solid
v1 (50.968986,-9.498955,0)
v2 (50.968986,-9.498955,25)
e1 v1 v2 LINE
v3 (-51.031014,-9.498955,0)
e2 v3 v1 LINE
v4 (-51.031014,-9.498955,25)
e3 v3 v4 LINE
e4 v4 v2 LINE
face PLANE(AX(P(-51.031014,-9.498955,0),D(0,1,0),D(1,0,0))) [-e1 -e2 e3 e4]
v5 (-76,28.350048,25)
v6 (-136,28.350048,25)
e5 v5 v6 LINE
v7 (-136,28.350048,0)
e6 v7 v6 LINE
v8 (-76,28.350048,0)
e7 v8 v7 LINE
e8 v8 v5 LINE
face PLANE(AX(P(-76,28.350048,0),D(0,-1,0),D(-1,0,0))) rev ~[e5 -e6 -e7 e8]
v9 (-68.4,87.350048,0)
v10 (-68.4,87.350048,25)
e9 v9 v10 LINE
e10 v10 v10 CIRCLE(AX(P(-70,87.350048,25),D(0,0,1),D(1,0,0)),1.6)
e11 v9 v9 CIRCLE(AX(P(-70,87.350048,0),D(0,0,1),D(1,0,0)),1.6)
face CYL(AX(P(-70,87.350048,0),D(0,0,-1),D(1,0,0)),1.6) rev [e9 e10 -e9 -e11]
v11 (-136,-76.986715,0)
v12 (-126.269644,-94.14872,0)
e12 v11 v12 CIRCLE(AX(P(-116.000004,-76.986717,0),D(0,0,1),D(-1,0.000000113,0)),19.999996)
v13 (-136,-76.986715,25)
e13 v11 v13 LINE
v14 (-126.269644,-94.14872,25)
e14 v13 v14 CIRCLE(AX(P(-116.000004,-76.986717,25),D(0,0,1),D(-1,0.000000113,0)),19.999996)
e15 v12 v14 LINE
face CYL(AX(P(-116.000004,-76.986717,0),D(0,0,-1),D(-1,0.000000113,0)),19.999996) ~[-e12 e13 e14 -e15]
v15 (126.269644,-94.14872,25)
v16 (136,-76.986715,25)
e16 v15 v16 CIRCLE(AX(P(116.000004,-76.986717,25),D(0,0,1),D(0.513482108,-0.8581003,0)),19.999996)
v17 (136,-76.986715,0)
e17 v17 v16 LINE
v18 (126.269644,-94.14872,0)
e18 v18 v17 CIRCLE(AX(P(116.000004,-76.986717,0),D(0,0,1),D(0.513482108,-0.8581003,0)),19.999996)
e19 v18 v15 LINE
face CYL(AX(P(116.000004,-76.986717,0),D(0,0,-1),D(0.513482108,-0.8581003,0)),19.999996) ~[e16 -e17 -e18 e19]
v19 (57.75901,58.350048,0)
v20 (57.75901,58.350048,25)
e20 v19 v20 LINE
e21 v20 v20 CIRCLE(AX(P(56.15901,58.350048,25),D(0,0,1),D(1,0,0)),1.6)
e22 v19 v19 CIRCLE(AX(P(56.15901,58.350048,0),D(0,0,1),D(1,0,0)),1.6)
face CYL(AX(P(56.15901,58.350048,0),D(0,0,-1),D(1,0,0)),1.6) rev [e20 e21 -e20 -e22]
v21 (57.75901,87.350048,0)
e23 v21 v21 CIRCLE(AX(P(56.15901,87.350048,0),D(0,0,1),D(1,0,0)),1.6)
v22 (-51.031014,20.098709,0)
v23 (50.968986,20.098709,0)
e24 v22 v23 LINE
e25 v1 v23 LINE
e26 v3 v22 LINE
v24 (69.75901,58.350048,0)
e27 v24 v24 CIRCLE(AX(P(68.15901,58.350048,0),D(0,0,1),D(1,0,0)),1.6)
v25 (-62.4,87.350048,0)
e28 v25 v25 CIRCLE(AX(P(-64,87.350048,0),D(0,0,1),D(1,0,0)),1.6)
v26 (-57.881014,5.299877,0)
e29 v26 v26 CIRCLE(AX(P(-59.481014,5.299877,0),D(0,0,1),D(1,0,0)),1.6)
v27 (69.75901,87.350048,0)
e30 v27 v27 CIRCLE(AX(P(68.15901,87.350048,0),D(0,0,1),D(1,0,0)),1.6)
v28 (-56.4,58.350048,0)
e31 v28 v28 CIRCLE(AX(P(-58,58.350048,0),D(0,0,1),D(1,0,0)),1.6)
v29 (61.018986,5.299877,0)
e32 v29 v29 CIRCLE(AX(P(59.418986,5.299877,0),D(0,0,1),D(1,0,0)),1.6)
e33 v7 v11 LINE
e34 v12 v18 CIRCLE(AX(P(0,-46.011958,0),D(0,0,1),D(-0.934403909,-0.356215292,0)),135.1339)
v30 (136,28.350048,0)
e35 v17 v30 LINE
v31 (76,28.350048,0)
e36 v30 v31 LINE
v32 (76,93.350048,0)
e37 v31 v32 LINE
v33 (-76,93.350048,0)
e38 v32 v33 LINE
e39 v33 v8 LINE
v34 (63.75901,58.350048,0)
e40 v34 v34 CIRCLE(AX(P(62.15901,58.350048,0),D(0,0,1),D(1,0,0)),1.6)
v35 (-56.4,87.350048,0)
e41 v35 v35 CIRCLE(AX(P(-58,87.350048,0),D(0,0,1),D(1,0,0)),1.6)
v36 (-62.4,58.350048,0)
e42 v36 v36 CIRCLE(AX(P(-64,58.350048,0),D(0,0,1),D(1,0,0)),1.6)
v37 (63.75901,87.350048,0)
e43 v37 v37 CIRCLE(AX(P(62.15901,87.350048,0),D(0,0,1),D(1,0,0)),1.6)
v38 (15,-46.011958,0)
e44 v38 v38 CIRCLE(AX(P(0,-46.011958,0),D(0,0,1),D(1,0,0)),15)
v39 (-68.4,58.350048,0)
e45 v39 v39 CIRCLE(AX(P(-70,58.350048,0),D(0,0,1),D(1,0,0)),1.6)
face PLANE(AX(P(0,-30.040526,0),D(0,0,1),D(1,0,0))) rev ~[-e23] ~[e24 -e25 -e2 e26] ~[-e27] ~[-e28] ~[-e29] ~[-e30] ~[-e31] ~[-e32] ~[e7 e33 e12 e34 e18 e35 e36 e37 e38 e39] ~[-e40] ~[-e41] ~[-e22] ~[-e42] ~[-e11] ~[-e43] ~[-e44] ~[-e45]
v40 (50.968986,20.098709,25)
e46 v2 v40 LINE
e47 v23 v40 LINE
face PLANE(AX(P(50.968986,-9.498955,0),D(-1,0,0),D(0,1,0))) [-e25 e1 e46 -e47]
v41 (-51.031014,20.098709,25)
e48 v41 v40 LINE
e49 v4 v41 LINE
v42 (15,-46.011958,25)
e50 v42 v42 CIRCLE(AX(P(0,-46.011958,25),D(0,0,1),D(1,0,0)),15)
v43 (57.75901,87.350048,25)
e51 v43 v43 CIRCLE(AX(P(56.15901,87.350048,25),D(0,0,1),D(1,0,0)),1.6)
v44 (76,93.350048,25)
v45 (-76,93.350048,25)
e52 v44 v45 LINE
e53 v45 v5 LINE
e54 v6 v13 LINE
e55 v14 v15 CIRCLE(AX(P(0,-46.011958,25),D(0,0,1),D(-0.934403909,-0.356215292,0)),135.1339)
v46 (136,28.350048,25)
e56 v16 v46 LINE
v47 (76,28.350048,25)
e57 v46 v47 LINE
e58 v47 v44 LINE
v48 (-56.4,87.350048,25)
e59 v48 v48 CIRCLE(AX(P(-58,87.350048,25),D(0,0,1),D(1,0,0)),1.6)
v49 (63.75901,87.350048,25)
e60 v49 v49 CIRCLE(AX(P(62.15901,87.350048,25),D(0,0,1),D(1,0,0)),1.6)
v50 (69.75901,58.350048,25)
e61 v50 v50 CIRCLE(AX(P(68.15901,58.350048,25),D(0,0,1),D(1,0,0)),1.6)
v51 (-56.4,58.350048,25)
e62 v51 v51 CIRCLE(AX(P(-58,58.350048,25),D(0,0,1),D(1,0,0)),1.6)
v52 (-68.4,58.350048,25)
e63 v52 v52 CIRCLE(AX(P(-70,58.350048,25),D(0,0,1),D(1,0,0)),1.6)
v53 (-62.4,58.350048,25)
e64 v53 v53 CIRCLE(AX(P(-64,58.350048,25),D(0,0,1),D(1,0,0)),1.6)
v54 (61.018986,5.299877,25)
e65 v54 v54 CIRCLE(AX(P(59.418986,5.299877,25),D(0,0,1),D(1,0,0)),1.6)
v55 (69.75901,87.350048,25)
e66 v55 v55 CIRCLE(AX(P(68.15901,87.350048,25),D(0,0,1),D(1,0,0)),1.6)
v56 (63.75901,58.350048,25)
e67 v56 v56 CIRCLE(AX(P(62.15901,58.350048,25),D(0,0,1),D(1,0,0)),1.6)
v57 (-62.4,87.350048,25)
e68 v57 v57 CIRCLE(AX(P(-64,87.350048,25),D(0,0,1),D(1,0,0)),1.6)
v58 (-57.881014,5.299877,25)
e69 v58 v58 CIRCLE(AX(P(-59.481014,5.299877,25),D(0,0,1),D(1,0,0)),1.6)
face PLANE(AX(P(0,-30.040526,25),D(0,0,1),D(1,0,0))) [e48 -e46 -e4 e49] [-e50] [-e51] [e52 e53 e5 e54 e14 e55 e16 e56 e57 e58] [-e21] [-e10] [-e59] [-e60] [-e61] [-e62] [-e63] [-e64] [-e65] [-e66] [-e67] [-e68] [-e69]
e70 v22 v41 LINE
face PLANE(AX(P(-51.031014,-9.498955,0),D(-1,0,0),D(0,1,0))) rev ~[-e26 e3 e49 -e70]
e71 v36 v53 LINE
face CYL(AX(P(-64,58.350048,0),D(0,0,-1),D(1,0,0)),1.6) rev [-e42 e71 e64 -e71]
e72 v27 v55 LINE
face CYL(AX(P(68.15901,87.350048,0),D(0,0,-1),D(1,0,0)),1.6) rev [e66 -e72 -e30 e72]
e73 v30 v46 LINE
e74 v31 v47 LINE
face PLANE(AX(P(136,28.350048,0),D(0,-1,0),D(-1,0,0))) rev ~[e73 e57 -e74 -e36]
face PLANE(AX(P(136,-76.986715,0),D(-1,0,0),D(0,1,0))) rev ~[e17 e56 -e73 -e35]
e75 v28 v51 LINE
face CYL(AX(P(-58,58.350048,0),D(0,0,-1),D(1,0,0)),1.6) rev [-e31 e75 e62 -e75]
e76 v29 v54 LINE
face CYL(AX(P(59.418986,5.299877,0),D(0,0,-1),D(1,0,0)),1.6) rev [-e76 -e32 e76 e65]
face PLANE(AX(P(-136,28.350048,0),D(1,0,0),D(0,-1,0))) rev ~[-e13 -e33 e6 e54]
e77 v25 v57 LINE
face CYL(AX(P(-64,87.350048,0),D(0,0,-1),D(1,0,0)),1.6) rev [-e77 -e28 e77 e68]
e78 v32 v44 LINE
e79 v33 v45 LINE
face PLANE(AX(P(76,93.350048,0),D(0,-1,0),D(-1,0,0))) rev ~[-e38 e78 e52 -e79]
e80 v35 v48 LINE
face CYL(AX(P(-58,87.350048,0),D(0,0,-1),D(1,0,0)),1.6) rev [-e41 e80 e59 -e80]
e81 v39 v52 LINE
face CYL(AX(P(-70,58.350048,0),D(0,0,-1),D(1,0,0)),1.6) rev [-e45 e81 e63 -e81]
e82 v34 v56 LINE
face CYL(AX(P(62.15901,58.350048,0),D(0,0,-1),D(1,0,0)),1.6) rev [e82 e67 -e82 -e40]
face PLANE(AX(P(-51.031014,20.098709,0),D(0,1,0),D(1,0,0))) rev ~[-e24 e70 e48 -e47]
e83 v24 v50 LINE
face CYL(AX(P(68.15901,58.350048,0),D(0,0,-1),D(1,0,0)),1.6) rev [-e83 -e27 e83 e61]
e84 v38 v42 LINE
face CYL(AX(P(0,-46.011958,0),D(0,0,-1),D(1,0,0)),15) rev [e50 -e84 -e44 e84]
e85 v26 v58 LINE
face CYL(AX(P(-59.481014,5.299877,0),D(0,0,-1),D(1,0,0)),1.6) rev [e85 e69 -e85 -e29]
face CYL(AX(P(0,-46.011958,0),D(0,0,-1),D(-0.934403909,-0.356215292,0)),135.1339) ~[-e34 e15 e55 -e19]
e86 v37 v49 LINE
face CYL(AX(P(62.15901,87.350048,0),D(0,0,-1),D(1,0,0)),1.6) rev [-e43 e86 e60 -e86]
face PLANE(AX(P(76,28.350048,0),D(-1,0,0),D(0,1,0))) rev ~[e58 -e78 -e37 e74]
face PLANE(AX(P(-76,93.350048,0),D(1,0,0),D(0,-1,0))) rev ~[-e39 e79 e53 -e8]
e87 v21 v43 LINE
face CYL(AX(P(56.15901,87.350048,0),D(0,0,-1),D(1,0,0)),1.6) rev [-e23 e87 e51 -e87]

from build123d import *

# Parameters (mm, degrees)
F0_R     = 15
F0_R_2   = 1.6
F0_W     = 102
F0_H     = 29.597664
F1_DEPTH = 25
F2_DEPTH = 25


with BuildPart() as f1:
    # F0 (on Top) → F1 (new body)
    with BuildSketch(Plane.XY):
        with BuildLine():
            Line((76, 93.350048), (0, 93.350048))
            Line((0, 93.350048), (-76, 93.350048))
            Line((-76, 93.350048), (-76, 28.350048))
            Line((-76, 28.350048), (-136, 28.350048))
            Line((-136, 28.350048), (-136, -76.986715))
            ThreePointArc((-136, -76.986715), (-133.398174, -86.850972), (-126.269644, -94.14872))
            ThreePointArc((-126.269644, -94.14872), (0, -181.145858), (126.269644, -94.14872))
            ThreePointArc((126.269644, -94.14872), (133.398174, -86.850972), (136, -76.986715))
            Line((136, -76.986715), (136, 28.350048))
            Line((136, 28.350048), (76, 28.350048))
            Line((76, 28.350048), (76, 93.350048))
        make_face()
        with Locations((0, -46.011958)):
            Circle(F0_R, mode=Mode.SUBTRACT)
        with Locations((-59.481014, 5.299877)):
            Circle(F0_R_2, mode=Mode.SUBTRACT)
        with Locations((-0.031014, 5.299877)):
            Rectangle(F0_W, F0_H, mode=Mode.SUBTRACT)
        with Locations((-70, 58.350048)):
            Circle(F0_R_2, mode=Mode.SUBTRACT)
        with Locations((-70, 87.350048)):
            Circle(F0_R_2, mode=Mode.SUBTRACT)
        with Locations((-64, 58.350048)):
            Circle(F0_R_2, mode=Mode.SUBTRACT)
        with Locations((-58, 58.350048)):
            Circle(F0_R_2, mode=Mode.SUBTRACT)
        with Locations((-64, 87.350048)):
            Circle(F0_R_2, mode=Mode.SUBTRACT)
        with Locations((-58, 87.350048)):
            Circle(F0_R_2, mode=Mode.SUBTRACT)
        with Locations((59.418986, 5.299877)):
            Circle(F0_R_2, mode=Mode.SUBTRACT)
        with Locations((56.15901, 58.350048)):
            Circle(F0_R_2, mode=Mode.SUBTRACT)
        with Locations((62.15901, 58.350048)):
            Circle(F0_R_2, mode=Mode.SUBTRACT)
        with Locations((56.15901, 87.350048)):
            Circle(F0_R_2, mode=Mode.SUBTRACT)
        with Locations((62.15901, 87.350048)):
            Circle(F0_R_2, mode=Mode.SUBTRACT)
        with Locations((68.15901, 58.350048)):
            Circle(F0_R_2, mode=Mode.SUBTRACT)
        with Locations((68.15901, 87.350048)):
            Circle(F0_R_2, mode=Mode.SUBTRACT)
    extrude(amount=F1_DEPTH)

    # F0 (on Top) → F2 (join)
    with BuildSketch(Plane.XY):
        with BuildLine():
            Line((76, 93.350048), (0, 93.350048))
            Line((0, 93.350048), (-76, 93.350048))
            Line((-76, 93.350048), (-76, 28.350048))
            Line((-76, 28.350048), (-136, 28.350048))
            Line((-136, 28.350048), (-136, -76.986715))
            ThreePointArc((-136, -76.986715), (-133.398174, -86.850972), (-126.269644, -94.14872))
            ThreePointArc((-126.269644, -94.14872), (0, -181.145858), (126.269644, -94.14872))
            ThreePointArc((126.269644, -94.14872), (133.398174, -86.850972), (136, -76.986715))
            Line((136, -76.986715), (136, 28.350048))
            Line((136, 28.350048), (76, 28.350048))
            Line((76, 28.350048), (76, 93.350048))
        make_face()
        with Locations((0, -46.011958)):
            Circle(F0_R, mode=Mode.SUBTRACT)
        with Locations((-59.481014, 5.299877)):
            Circle(F0_R_2, mode=Mode.SUBTRACT)
        with Locations((-0.031014, 5.299877)):
            Rectangle(F0_W, F0_H, mode=Mode.SUBTRACT)
        with Locations((-70, 58.350048)):
            Circle(F0_R_2, mode=Mode.SUBTRACT)
        with Locations((-70, 87.350048)):
            Circle(F0_R_2, mode=Mode.SUBTRACT)
        with Locations((-64, 58.350048)):
            Circle(F0_R_2, mode=Mode.SUBTRACT)
        with Locations((-58, 58.350048)):
            Circle(F0_R_2, mode=Mode.SUBTRACT)
        with Locations((-64, 87.350048)):
            Circle(F0_R_2, mode=Mode.SUBTRACT)
        with Locations((-58, 87.350048)):
            Circle(F0_R_2, mode=Mode.SUBTRACT)
        with Locations((59.418986, 5.299877)):
            Circle(F0_R_2, mode=Mode.SUBTRACT)
        with Locations((56.15901, 58.350048)):
            Circle(F0_R_2, mode=Mode.SUBTRACT)
        with Locations((62.15901, 58.350048)):
            Circle(F0_R_2, mode=Mode.SUBTRACT)
        with Locations((56.15901, 87.350048)):
            Circle(F0_R_2, mode=Mode.SUBTRACT)
        with Locations((62.15901, 87.350048)):
            Circle(F0_R_2, mode=Mode.SUBTRACT)
        with Locations((68.15901, 58.350048)):
            Circle(F0_R_2, mode=Mode.SUBTRACT)
        with Locations((68.15901, 87.350048)):
            Circle(F0_R_2, mode=Mode.SUBTRACT)
    extrude(amount=F2_DEPTH)


solid = f1.part
